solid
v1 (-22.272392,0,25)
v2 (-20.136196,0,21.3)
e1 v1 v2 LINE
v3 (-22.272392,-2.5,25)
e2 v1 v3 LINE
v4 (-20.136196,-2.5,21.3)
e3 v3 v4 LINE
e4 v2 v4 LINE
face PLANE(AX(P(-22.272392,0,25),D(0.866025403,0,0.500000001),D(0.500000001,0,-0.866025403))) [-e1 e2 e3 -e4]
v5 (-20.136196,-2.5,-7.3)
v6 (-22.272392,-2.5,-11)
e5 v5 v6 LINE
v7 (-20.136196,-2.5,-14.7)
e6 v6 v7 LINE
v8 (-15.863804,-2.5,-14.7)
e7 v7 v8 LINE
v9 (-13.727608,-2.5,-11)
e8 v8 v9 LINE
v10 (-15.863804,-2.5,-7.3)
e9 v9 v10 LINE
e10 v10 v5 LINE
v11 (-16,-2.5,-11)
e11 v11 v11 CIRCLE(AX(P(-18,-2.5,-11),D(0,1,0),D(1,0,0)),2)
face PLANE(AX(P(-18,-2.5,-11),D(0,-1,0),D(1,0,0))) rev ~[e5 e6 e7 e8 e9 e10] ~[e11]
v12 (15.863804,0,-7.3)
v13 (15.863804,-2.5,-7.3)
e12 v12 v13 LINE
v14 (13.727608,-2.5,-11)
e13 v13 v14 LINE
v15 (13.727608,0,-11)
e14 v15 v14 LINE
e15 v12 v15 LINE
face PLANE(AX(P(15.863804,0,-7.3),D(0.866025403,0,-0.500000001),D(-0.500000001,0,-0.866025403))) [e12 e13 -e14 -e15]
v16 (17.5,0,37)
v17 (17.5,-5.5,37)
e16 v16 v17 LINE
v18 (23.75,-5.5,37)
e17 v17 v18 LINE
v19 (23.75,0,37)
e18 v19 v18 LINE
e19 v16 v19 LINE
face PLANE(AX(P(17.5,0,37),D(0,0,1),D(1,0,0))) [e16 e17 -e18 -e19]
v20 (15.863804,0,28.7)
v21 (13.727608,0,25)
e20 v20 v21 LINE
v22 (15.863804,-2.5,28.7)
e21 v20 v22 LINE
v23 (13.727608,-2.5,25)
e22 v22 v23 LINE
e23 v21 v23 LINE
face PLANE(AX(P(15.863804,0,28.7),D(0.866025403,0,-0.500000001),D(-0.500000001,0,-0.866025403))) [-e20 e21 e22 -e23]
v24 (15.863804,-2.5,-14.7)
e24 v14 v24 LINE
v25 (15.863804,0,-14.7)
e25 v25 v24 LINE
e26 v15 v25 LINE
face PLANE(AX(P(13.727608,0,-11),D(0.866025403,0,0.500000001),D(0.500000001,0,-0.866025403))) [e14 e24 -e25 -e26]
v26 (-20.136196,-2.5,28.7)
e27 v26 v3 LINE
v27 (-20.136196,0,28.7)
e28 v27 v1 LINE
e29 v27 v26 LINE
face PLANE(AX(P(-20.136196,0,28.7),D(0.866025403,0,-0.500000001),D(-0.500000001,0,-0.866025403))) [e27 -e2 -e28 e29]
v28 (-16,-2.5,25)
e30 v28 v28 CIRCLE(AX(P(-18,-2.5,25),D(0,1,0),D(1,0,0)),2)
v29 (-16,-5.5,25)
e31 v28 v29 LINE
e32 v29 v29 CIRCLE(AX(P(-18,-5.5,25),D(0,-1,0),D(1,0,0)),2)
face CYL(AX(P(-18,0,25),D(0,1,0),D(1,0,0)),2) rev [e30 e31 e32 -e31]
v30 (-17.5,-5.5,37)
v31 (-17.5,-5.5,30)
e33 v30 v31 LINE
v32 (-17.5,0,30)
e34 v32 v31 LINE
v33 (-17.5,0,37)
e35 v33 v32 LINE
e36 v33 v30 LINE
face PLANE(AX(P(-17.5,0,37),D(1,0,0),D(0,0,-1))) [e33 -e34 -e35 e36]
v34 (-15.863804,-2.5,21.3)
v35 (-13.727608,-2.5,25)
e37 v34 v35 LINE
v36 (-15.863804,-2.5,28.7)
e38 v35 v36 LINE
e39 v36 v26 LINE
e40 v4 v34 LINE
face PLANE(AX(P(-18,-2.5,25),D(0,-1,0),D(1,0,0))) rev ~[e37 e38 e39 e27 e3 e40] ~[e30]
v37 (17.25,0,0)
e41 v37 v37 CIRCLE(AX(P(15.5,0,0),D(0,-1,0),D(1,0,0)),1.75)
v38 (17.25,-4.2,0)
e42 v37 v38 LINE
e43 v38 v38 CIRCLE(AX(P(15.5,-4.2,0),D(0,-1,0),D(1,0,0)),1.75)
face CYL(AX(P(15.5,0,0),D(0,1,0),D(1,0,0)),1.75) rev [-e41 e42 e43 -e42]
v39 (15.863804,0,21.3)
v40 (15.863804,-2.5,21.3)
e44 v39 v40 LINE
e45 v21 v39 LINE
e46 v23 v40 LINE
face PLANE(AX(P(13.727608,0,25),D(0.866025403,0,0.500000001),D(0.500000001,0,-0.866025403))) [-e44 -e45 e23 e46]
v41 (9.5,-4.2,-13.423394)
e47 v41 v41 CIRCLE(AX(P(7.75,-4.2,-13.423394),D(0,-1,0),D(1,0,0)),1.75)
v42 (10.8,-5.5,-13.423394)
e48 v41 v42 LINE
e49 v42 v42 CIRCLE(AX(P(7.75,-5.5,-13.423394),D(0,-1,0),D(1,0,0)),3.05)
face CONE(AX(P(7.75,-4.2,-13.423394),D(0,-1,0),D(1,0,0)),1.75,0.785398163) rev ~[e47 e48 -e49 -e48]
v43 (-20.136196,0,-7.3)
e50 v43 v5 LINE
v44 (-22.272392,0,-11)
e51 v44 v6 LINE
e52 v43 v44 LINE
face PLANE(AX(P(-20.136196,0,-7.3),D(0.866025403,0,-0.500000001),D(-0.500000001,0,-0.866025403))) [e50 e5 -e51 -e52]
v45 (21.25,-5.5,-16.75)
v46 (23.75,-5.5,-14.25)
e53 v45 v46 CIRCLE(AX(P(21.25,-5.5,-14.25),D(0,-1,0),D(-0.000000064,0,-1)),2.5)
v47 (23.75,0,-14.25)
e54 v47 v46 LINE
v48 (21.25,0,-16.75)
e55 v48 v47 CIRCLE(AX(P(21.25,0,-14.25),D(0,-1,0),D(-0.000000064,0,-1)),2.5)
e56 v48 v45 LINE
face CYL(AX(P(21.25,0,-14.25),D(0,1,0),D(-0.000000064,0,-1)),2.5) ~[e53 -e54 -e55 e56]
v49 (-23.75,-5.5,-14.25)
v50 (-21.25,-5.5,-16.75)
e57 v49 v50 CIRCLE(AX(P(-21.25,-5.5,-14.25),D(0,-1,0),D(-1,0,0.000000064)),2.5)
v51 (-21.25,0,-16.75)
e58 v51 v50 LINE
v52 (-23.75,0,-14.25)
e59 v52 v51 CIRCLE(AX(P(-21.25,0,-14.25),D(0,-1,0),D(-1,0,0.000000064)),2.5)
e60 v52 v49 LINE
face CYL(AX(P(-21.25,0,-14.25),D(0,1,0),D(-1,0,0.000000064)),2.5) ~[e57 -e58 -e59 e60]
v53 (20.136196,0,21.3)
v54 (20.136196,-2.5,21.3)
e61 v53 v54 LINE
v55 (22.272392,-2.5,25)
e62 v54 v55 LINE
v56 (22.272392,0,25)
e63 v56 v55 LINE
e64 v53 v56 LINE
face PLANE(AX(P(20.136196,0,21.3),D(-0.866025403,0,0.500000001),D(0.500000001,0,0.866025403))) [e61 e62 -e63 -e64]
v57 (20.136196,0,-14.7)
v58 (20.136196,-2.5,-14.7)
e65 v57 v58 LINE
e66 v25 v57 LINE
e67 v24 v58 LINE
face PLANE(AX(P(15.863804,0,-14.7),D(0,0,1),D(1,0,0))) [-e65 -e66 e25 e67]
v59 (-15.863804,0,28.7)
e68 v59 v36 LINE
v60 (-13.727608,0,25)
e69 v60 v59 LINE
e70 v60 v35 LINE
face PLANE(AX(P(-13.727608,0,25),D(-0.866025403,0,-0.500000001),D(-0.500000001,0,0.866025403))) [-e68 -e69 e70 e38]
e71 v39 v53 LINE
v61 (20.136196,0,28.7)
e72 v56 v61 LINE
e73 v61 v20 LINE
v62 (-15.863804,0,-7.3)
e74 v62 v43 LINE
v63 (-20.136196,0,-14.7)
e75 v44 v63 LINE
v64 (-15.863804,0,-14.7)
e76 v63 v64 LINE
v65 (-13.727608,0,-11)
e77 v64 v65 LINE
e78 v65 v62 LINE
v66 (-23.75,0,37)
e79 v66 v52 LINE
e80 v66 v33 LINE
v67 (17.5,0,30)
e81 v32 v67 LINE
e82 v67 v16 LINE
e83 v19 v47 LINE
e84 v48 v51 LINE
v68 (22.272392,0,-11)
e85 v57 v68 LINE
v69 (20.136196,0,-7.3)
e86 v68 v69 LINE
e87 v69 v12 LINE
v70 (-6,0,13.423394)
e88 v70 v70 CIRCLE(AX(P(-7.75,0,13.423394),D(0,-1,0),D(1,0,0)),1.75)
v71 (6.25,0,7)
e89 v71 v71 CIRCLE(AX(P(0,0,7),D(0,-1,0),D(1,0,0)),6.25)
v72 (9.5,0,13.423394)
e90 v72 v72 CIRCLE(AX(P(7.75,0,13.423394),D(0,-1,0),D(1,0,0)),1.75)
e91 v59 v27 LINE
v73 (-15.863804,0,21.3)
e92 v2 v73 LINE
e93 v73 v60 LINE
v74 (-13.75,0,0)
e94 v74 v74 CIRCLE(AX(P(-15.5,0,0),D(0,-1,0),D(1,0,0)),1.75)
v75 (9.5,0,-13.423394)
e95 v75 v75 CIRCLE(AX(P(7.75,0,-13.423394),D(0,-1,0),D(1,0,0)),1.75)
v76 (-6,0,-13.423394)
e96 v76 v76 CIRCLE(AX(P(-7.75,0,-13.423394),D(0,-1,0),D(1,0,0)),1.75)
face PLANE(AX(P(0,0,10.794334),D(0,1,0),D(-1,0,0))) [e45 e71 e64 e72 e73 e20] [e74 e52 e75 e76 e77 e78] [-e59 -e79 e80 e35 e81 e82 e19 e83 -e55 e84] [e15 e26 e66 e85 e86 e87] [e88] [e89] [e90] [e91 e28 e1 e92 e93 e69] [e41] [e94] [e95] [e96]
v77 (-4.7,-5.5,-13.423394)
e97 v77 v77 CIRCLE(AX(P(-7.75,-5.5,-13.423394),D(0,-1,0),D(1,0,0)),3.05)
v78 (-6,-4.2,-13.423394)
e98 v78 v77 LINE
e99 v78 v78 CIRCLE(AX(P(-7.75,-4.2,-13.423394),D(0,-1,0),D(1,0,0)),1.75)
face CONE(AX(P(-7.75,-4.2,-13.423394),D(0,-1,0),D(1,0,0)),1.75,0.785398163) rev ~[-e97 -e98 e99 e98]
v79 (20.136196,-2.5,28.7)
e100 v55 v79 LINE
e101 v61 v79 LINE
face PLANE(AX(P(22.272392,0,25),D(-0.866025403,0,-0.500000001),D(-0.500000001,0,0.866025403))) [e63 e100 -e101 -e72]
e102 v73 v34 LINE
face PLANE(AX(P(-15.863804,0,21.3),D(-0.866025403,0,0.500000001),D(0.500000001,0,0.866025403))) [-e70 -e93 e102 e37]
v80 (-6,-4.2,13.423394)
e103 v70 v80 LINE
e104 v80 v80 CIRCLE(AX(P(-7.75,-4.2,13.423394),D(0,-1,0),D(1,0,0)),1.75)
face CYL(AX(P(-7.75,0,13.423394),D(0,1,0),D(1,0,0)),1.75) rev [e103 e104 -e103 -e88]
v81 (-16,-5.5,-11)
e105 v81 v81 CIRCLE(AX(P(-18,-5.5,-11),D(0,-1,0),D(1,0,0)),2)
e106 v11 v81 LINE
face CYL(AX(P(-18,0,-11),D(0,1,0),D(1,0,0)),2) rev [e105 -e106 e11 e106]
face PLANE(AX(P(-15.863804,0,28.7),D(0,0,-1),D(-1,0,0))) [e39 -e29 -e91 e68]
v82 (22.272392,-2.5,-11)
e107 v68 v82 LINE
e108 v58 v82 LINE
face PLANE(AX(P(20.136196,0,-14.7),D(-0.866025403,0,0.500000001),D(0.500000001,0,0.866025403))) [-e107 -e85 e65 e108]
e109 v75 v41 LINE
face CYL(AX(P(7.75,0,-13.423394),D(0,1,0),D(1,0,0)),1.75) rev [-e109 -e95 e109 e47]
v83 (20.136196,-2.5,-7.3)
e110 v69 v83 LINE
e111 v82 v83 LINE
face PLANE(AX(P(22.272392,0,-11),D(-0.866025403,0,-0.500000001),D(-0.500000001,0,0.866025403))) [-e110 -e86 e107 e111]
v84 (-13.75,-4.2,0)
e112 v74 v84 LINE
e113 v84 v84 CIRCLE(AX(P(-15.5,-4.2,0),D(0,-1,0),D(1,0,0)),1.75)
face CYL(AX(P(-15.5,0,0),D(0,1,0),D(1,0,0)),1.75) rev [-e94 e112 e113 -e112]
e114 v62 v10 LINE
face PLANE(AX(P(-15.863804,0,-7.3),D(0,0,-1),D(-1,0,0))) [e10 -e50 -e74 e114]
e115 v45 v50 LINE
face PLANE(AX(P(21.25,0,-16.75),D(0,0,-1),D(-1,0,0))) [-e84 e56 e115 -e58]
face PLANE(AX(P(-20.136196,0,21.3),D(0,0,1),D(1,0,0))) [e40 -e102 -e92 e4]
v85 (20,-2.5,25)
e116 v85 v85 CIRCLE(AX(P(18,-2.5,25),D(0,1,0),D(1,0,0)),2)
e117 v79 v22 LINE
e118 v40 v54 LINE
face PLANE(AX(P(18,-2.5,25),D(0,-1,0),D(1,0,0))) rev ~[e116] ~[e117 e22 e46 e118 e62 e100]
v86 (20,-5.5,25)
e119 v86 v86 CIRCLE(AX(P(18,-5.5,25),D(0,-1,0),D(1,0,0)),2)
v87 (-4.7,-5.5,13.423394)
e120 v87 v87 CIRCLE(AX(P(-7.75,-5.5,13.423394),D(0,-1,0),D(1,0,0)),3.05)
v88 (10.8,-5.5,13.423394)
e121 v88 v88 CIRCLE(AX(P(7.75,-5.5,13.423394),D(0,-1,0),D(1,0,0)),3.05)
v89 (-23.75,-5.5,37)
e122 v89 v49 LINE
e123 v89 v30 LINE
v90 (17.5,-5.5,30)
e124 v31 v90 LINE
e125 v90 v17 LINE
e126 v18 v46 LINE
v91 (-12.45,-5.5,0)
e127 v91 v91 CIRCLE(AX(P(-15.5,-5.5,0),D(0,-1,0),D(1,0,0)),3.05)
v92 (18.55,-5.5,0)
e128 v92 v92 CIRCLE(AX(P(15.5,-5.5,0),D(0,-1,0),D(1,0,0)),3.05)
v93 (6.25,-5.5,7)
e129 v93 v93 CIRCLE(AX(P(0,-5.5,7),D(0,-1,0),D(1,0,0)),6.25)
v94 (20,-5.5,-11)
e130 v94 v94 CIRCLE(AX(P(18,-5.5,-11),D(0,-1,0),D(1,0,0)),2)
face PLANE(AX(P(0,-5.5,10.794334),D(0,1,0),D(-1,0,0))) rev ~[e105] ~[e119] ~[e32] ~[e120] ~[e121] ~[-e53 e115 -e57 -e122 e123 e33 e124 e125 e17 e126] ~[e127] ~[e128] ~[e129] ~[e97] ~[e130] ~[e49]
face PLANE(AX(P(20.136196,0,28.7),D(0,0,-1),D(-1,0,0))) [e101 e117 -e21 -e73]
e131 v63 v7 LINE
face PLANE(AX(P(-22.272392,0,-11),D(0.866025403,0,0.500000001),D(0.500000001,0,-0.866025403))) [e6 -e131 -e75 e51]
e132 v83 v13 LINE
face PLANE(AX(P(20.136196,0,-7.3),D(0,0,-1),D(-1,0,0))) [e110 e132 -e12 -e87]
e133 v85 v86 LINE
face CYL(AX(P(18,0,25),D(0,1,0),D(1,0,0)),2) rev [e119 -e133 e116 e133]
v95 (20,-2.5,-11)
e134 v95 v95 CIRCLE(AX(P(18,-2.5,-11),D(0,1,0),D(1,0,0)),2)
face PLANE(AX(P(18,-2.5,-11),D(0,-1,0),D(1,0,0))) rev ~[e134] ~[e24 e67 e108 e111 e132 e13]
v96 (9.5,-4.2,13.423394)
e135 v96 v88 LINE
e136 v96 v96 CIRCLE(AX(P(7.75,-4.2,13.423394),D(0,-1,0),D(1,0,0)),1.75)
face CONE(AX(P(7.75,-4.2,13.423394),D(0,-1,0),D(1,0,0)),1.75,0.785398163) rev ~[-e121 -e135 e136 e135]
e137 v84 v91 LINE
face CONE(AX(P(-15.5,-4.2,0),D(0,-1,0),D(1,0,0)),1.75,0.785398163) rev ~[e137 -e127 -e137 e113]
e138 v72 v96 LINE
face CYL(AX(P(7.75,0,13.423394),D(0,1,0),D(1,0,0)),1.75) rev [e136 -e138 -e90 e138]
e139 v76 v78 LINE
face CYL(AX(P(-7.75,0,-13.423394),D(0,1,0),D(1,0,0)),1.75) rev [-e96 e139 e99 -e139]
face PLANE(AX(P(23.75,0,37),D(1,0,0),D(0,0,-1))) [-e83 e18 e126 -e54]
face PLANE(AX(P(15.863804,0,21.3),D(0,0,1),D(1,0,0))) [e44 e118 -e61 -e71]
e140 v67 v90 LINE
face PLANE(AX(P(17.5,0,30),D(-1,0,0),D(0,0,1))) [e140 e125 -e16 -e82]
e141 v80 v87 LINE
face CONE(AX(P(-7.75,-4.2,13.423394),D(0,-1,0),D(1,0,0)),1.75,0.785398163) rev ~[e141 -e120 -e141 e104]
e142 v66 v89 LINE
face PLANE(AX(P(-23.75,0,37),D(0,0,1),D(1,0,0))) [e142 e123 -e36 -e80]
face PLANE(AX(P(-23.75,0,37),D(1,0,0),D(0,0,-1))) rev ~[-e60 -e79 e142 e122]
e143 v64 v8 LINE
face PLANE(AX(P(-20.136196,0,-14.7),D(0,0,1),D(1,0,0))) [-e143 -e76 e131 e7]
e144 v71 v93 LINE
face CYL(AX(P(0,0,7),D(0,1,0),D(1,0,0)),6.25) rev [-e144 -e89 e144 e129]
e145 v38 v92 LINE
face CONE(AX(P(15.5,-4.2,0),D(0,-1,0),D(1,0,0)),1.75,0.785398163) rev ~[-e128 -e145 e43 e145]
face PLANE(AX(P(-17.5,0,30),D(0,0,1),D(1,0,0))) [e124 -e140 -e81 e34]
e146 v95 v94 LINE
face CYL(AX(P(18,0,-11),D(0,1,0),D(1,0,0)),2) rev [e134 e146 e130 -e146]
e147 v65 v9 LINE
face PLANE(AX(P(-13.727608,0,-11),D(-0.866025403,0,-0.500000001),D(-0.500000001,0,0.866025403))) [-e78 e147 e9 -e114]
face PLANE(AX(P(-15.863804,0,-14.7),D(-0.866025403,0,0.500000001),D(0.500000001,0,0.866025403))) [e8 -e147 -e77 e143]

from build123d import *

# Parameters (mm, degrees)
SKETCH_R     = 6.25
SKETCH_R_2   = 1.75
SKETCH_R_3   = 2
PAD_DEPTH    = 5.5
CHAMFER_SIZE = 1.3
POCKET_DEPTH = 2.5


with BuildPart() as part:
    # Sketch → Pad (new body)
    with BuildSketch(Plane.XZ):
        with BuildLine():
            Line((21.25, -16.75), (-21.25, -16.75))
            ThreePointArc((-23.75, -14.25), (-23.017767, -16.017767), (-21.25, -16.75))
            Line((-23.75, 37), (-23.75, -14.25))
            Line((-23.75, 37), (-17.5, 37))
            Line((-17.5, 37), (-17.5, 30))
            Line((-17.5, 30), (17.5, 30))
            Line((17.5, 30), (17.5, 37))
            Line((17.5, 37), (23.75, 37))
            Line((23.75, 37), (23.75, -14.25))
            ThreePointArc((21.25, -16.75), (23.017767, -16.017767), (23.75, -14.25))
        make_face()
        with Locations((0, 7)):
            Circle(SKETCH_R, mode=Mode.SUBTRACT)
        with Locations((-7.75, 13.423394)):
            Circle(SKETCH_R_2, mode=Mode.SUBTRACT)
        with Locations((-15.5, 0)):
            Circle(SKETCH_R_2, mode=Mode.SUBTRACT)
        with Locations((-7.75, -13.423394)):
            Circle(SKETCH_R_2, mode=Mode.SUBTRACT)
        with Locations((7.75, -13.423394)):
            Circle(SKETCH_R_2, mode=Mode.SUBTRACT)
        with Locations((15.5, 0)):
            Circle(SKETCH_R_2, mode=Mode.SUBTRACT)
        with Locations((7.75, 13.423394)):
            Circle(SKETCH_R_2, mode=Mode.SUBTRACT)
        with Locations((-18, 25)):
            Circle(SKETCH_R_3, mode=Mode.SUBTRACT)
        with Locations((18, 25)):
            Circle(SKETCH_R_3, mode=Mode.SUBTRACT)
        with Locations((18, -11)):
            Circle(SKETCH_R_3, mode=Mode.SUBTRACT)
        with Locations((-18, -11)):
            Circle(SKETCH_R_3, mode=Mode.SUBTRACT)
    extrude(amount=PAD_DEPTH)

    # Chamfer
    chamfer_edges = [part.edges().sort_by_distance(p)[0] for p in [
        (-9.5, -5.5, 13.423394),
        (13.75, -5.5, 0),
        (6, -5.5, 13.423394),
        (-17.25, -5.5, 0),
        (6, -5.5, -13.423394),
        (-9.5, -5.5, -13.423394),
    ]]
    chamfer(chamfer_edges, length=CHAMFER_SIZE)

    # Sketch001 → Pocket (cut)
    with BuildSketch(Plane.XZ):
        Polygon((-15.863804, 28.7), (-20.136196, 28.7), (-22.272392, 25), (-20.136196, 21.3), (-15.863804, 21.3), (-13.727608, 25), align=None)
        Polygon((20.136196, 28.7), (15.863804, 28.7), (13.727608, 25), (15.863804, 21.3), (20.136196, 21.3), (22.272392, 25), align=None)
        Polygon((20.136196, -7.3), (15.863804, -7.3), (13.727608, -11), (15.863804, -14.7), (20.136196, -14.7), (22.272392, -11), align=None)
        Polygon((-15.863804, -7.3), (-20.136196, -7.3), (-22.272392, -11), (-20.136196, -14.7), (-15.863804, -14.7), (-13.727608, -11), align=None)
    extrude(amount=POCKET_DEPTH, mode=Mode.SUBTRACT)


solid = part.part
